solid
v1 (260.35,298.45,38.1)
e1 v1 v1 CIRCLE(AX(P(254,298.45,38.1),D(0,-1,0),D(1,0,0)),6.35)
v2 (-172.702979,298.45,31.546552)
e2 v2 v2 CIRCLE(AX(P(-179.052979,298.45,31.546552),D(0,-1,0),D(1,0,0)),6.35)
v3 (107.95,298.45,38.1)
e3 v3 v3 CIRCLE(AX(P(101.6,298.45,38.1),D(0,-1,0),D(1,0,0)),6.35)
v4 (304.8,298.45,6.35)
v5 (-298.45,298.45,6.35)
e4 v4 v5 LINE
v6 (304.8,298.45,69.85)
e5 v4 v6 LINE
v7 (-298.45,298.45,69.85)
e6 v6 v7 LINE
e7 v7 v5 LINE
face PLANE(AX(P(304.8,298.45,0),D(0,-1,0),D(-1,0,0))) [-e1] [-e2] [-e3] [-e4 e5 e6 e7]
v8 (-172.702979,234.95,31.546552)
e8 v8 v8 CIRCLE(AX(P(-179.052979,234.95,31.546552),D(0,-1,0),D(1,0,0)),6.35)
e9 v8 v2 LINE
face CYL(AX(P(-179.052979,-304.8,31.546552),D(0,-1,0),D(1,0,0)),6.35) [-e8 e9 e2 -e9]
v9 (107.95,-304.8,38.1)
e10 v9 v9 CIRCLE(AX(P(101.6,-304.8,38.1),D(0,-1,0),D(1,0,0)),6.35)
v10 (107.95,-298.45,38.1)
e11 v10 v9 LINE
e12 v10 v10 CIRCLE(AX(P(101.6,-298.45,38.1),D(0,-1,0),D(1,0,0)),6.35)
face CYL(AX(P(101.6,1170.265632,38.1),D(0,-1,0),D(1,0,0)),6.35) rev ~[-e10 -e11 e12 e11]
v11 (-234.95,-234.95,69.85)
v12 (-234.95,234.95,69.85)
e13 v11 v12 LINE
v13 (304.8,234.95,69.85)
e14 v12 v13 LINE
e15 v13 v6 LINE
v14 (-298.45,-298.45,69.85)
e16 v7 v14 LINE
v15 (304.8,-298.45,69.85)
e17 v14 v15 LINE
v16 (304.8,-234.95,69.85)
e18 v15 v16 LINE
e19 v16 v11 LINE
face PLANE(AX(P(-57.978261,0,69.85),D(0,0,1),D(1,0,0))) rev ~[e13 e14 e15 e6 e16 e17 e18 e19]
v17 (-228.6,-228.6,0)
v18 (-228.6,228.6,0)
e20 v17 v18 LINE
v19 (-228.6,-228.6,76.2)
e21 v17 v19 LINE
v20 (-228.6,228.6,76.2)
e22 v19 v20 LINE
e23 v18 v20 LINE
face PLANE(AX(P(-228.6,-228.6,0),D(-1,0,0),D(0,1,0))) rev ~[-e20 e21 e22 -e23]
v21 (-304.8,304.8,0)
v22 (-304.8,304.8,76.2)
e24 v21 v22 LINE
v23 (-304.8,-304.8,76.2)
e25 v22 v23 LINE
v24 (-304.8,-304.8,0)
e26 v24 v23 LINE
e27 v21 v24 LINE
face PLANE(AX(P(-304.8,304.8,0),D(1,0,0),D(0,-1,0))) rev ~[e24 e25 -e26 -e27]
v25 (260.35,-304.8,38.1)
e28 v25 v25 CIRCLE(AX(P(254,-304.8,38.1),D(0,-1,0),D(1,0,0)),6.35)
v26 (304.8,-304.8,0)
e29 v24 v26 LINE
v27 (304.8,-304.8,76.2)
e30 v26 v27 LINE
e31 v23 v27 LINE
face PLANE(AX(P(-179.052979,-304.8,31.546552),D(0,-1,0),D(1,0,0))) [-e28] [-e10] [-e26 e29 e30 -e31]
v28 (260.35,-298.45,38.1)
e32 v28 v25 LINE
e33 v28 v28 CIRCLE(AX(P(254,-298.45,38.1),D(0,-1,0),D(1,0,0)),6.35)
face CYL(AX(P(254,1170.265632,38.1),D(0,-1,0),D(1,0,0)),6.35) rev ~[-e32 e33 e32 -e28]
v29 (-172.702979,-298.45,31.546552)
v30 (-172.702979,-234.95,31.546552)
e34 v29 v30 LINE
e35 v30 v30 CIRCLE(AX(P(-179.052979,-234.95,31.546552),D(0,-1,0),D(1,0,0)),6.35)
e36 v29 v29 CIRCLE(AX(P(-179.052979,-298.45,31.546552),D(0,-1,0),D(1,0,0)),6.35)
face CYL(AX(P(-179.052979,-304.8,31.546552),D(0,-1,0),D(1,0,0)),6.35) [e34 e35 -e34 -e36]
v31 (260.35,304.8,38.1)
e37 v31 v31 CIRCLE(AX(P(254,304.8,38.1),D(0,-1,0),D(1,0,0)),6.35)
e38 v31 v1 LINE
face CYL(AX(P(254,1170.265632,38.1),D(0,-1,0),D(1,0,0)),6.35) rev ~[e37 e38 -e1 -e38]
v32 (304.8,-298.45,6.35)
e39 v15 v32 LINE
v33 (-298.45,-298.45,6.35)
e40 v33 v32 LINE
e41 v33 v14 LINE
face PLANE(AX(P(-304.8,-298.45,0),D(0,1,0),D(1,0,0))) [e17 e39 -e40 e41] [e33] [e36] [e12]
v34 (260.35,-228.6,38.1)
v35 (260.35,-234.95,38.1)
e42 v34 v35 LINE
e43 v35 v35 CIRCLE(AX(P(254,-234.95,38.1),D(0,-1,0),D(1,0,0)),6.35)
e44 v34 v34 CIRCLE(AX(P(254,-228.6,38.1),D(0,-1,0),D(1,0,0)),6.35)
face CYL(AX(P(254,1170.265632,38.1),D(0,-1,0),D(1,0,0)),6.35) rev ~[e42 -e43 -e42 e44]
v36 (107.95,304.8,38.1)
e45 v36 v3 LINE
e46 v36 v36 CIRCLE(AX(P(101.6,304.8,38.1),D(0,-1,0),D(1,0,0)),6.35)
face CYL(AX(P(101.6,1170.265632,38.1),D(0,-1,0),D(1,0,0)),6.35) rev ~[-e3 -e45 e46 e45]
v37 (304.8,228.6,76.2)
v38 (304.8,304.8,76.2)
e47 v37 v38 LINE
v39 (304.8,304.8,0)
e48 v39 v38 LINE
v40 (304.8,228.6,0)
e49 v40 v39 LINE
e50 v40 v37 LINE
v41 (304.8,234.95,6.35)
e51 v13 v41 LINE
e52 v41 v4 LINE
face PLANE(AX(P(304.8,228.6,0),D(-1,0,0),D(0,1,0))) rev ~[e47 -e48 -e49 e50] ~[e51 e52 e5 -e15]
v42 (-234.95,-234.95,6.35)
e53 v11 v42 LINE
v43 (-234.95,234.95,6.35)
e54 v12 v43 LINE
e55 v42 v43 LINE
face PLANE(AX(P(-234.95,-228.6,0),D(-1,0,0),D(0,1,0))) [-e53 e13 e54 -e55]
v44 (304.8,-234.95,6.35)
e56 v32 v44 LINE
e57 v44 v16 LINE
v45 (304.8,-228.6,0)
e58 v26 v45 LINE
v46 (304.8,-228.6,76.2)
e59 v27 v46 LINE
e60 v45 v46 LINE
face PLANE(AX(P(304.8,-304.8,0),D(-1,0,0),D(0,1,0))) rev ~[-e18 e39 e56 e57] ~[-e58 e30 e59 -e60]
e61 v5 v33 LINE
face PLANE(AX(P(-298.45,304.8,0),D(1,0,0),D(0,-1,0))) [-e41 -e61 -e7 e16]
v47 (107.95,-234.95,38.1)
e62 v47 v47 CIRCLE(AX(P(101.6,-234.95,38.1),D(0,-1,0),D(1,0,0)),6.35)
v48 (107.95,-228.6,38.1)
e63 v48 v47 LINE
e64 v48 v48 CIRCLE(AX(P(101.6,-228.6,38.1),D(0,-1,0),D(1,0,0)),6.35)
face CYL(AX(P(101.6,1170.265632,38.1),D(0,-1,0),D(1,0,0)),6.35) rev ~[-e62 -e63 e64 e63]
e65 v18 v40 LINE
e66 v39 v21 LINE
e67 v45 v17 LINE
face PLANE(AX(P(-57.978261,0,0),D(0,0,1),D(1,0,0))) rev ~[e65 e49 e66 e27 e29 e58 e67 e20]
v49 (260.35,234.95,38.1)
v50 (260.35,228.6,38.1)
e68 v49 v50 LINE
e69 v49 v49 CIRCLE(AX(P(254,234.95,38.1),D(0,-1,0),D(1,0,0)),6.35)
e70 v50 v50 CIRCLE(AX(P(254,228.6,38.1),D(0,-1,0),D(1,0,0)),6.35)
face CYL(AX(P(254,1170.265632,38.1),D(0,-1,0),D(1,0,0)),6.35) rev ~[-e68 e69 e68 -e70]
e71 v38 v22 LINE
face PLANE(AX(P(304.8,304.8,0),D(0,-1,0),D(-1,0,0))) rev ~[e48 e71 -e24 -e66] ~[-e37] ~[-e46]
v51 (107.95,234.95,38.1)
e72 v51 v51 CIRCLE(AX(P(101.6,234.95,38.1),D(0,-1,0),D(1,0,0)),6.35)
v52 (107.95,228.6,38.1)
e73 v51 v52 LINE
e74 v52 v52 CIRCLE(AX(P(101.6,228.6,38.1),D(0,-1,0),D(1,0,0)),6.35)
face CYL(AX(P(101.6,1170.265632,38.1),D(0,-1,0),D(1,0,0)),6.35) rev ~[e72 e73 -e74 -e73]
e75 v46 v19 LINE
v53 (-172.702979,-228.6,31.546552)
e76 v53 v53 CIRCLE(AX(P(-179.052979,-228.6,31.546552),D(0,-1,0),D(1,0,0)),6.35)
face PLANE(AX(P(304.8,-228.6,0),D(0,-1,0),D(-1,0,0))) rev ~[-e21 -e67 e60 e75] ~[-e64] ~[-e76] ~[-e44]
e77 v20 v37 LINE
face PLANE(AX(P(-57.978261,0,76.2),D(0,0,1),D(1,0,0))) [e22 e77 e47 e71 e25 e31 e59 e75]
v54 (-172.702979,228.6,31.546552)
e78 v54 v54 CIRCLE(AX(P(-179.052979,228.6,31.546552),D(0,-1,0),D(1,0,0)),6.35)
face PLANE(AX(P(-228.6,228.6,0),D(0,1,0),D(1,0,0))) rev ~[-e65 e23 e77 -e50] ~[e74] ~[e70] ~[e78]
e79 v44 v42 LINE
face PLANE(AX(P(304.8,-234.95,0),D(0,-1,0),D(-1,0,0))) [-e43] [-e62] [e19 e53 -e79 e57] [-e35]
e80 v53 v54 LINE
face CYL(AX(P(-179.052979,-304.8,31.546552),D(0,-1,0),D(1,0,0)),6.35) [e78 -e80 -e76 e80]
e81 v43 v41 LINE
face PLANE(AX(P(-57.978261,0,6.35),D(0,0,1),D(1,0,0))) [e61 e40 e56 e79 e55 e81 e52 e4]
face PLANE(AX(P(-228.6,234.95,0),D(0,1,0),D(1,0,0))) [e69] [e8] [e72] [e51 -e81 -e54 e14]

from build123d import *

# Parameters (mm, degrees)
F1_DEPTH = 76.2
F2_T     = -6.35
F3_R     = 6.35
F4_DEPTH = 609.6
F6_D     = 12.7


with BuildPart() as f1:
    # F0 (on Top) → F1 (new body)
    with BuildSketch(Plane.XY):
        Polygon((-304.8, 304.8), (-304.8, -304.8), (304.8, -304.8), (304.8, -228.6), (-228.6, -228.6), (-228.6, 228.6), (304.8, 228.6), (304.8, 304.8), align=None)
    extrude(amount=F1_DEPTH)

    # F2
    f2_openings = [f1.faces().sort_by_distance(p)[0] for p in [
        (304.8, -266.7, 38.1),
        (304.8, 266.7, 38.1),
    ]]
    offset(amount=F2_T, openings=f2_openings, kind=Kind.INTERSECTION)

    # F3 (on face) → F4 (join)
    with BuildSketch(Plane.XZ.offset(304.8)):
        with Locations((-179.052978754, 31.5465517342)):
            Circle(F3_R)
    extrude(amount=-F4_DEPTH)

    # F6 (through all)
    with Locations(Plane(origin=(0, 304.8, 0), x_dir=(-1, 0, 0), z_dir=(0, 1, 0))):
        with Locations((-254, 38.1), (-101.6, 38.1)):
            Hole(F6_D / 2)


solid = f1.part
